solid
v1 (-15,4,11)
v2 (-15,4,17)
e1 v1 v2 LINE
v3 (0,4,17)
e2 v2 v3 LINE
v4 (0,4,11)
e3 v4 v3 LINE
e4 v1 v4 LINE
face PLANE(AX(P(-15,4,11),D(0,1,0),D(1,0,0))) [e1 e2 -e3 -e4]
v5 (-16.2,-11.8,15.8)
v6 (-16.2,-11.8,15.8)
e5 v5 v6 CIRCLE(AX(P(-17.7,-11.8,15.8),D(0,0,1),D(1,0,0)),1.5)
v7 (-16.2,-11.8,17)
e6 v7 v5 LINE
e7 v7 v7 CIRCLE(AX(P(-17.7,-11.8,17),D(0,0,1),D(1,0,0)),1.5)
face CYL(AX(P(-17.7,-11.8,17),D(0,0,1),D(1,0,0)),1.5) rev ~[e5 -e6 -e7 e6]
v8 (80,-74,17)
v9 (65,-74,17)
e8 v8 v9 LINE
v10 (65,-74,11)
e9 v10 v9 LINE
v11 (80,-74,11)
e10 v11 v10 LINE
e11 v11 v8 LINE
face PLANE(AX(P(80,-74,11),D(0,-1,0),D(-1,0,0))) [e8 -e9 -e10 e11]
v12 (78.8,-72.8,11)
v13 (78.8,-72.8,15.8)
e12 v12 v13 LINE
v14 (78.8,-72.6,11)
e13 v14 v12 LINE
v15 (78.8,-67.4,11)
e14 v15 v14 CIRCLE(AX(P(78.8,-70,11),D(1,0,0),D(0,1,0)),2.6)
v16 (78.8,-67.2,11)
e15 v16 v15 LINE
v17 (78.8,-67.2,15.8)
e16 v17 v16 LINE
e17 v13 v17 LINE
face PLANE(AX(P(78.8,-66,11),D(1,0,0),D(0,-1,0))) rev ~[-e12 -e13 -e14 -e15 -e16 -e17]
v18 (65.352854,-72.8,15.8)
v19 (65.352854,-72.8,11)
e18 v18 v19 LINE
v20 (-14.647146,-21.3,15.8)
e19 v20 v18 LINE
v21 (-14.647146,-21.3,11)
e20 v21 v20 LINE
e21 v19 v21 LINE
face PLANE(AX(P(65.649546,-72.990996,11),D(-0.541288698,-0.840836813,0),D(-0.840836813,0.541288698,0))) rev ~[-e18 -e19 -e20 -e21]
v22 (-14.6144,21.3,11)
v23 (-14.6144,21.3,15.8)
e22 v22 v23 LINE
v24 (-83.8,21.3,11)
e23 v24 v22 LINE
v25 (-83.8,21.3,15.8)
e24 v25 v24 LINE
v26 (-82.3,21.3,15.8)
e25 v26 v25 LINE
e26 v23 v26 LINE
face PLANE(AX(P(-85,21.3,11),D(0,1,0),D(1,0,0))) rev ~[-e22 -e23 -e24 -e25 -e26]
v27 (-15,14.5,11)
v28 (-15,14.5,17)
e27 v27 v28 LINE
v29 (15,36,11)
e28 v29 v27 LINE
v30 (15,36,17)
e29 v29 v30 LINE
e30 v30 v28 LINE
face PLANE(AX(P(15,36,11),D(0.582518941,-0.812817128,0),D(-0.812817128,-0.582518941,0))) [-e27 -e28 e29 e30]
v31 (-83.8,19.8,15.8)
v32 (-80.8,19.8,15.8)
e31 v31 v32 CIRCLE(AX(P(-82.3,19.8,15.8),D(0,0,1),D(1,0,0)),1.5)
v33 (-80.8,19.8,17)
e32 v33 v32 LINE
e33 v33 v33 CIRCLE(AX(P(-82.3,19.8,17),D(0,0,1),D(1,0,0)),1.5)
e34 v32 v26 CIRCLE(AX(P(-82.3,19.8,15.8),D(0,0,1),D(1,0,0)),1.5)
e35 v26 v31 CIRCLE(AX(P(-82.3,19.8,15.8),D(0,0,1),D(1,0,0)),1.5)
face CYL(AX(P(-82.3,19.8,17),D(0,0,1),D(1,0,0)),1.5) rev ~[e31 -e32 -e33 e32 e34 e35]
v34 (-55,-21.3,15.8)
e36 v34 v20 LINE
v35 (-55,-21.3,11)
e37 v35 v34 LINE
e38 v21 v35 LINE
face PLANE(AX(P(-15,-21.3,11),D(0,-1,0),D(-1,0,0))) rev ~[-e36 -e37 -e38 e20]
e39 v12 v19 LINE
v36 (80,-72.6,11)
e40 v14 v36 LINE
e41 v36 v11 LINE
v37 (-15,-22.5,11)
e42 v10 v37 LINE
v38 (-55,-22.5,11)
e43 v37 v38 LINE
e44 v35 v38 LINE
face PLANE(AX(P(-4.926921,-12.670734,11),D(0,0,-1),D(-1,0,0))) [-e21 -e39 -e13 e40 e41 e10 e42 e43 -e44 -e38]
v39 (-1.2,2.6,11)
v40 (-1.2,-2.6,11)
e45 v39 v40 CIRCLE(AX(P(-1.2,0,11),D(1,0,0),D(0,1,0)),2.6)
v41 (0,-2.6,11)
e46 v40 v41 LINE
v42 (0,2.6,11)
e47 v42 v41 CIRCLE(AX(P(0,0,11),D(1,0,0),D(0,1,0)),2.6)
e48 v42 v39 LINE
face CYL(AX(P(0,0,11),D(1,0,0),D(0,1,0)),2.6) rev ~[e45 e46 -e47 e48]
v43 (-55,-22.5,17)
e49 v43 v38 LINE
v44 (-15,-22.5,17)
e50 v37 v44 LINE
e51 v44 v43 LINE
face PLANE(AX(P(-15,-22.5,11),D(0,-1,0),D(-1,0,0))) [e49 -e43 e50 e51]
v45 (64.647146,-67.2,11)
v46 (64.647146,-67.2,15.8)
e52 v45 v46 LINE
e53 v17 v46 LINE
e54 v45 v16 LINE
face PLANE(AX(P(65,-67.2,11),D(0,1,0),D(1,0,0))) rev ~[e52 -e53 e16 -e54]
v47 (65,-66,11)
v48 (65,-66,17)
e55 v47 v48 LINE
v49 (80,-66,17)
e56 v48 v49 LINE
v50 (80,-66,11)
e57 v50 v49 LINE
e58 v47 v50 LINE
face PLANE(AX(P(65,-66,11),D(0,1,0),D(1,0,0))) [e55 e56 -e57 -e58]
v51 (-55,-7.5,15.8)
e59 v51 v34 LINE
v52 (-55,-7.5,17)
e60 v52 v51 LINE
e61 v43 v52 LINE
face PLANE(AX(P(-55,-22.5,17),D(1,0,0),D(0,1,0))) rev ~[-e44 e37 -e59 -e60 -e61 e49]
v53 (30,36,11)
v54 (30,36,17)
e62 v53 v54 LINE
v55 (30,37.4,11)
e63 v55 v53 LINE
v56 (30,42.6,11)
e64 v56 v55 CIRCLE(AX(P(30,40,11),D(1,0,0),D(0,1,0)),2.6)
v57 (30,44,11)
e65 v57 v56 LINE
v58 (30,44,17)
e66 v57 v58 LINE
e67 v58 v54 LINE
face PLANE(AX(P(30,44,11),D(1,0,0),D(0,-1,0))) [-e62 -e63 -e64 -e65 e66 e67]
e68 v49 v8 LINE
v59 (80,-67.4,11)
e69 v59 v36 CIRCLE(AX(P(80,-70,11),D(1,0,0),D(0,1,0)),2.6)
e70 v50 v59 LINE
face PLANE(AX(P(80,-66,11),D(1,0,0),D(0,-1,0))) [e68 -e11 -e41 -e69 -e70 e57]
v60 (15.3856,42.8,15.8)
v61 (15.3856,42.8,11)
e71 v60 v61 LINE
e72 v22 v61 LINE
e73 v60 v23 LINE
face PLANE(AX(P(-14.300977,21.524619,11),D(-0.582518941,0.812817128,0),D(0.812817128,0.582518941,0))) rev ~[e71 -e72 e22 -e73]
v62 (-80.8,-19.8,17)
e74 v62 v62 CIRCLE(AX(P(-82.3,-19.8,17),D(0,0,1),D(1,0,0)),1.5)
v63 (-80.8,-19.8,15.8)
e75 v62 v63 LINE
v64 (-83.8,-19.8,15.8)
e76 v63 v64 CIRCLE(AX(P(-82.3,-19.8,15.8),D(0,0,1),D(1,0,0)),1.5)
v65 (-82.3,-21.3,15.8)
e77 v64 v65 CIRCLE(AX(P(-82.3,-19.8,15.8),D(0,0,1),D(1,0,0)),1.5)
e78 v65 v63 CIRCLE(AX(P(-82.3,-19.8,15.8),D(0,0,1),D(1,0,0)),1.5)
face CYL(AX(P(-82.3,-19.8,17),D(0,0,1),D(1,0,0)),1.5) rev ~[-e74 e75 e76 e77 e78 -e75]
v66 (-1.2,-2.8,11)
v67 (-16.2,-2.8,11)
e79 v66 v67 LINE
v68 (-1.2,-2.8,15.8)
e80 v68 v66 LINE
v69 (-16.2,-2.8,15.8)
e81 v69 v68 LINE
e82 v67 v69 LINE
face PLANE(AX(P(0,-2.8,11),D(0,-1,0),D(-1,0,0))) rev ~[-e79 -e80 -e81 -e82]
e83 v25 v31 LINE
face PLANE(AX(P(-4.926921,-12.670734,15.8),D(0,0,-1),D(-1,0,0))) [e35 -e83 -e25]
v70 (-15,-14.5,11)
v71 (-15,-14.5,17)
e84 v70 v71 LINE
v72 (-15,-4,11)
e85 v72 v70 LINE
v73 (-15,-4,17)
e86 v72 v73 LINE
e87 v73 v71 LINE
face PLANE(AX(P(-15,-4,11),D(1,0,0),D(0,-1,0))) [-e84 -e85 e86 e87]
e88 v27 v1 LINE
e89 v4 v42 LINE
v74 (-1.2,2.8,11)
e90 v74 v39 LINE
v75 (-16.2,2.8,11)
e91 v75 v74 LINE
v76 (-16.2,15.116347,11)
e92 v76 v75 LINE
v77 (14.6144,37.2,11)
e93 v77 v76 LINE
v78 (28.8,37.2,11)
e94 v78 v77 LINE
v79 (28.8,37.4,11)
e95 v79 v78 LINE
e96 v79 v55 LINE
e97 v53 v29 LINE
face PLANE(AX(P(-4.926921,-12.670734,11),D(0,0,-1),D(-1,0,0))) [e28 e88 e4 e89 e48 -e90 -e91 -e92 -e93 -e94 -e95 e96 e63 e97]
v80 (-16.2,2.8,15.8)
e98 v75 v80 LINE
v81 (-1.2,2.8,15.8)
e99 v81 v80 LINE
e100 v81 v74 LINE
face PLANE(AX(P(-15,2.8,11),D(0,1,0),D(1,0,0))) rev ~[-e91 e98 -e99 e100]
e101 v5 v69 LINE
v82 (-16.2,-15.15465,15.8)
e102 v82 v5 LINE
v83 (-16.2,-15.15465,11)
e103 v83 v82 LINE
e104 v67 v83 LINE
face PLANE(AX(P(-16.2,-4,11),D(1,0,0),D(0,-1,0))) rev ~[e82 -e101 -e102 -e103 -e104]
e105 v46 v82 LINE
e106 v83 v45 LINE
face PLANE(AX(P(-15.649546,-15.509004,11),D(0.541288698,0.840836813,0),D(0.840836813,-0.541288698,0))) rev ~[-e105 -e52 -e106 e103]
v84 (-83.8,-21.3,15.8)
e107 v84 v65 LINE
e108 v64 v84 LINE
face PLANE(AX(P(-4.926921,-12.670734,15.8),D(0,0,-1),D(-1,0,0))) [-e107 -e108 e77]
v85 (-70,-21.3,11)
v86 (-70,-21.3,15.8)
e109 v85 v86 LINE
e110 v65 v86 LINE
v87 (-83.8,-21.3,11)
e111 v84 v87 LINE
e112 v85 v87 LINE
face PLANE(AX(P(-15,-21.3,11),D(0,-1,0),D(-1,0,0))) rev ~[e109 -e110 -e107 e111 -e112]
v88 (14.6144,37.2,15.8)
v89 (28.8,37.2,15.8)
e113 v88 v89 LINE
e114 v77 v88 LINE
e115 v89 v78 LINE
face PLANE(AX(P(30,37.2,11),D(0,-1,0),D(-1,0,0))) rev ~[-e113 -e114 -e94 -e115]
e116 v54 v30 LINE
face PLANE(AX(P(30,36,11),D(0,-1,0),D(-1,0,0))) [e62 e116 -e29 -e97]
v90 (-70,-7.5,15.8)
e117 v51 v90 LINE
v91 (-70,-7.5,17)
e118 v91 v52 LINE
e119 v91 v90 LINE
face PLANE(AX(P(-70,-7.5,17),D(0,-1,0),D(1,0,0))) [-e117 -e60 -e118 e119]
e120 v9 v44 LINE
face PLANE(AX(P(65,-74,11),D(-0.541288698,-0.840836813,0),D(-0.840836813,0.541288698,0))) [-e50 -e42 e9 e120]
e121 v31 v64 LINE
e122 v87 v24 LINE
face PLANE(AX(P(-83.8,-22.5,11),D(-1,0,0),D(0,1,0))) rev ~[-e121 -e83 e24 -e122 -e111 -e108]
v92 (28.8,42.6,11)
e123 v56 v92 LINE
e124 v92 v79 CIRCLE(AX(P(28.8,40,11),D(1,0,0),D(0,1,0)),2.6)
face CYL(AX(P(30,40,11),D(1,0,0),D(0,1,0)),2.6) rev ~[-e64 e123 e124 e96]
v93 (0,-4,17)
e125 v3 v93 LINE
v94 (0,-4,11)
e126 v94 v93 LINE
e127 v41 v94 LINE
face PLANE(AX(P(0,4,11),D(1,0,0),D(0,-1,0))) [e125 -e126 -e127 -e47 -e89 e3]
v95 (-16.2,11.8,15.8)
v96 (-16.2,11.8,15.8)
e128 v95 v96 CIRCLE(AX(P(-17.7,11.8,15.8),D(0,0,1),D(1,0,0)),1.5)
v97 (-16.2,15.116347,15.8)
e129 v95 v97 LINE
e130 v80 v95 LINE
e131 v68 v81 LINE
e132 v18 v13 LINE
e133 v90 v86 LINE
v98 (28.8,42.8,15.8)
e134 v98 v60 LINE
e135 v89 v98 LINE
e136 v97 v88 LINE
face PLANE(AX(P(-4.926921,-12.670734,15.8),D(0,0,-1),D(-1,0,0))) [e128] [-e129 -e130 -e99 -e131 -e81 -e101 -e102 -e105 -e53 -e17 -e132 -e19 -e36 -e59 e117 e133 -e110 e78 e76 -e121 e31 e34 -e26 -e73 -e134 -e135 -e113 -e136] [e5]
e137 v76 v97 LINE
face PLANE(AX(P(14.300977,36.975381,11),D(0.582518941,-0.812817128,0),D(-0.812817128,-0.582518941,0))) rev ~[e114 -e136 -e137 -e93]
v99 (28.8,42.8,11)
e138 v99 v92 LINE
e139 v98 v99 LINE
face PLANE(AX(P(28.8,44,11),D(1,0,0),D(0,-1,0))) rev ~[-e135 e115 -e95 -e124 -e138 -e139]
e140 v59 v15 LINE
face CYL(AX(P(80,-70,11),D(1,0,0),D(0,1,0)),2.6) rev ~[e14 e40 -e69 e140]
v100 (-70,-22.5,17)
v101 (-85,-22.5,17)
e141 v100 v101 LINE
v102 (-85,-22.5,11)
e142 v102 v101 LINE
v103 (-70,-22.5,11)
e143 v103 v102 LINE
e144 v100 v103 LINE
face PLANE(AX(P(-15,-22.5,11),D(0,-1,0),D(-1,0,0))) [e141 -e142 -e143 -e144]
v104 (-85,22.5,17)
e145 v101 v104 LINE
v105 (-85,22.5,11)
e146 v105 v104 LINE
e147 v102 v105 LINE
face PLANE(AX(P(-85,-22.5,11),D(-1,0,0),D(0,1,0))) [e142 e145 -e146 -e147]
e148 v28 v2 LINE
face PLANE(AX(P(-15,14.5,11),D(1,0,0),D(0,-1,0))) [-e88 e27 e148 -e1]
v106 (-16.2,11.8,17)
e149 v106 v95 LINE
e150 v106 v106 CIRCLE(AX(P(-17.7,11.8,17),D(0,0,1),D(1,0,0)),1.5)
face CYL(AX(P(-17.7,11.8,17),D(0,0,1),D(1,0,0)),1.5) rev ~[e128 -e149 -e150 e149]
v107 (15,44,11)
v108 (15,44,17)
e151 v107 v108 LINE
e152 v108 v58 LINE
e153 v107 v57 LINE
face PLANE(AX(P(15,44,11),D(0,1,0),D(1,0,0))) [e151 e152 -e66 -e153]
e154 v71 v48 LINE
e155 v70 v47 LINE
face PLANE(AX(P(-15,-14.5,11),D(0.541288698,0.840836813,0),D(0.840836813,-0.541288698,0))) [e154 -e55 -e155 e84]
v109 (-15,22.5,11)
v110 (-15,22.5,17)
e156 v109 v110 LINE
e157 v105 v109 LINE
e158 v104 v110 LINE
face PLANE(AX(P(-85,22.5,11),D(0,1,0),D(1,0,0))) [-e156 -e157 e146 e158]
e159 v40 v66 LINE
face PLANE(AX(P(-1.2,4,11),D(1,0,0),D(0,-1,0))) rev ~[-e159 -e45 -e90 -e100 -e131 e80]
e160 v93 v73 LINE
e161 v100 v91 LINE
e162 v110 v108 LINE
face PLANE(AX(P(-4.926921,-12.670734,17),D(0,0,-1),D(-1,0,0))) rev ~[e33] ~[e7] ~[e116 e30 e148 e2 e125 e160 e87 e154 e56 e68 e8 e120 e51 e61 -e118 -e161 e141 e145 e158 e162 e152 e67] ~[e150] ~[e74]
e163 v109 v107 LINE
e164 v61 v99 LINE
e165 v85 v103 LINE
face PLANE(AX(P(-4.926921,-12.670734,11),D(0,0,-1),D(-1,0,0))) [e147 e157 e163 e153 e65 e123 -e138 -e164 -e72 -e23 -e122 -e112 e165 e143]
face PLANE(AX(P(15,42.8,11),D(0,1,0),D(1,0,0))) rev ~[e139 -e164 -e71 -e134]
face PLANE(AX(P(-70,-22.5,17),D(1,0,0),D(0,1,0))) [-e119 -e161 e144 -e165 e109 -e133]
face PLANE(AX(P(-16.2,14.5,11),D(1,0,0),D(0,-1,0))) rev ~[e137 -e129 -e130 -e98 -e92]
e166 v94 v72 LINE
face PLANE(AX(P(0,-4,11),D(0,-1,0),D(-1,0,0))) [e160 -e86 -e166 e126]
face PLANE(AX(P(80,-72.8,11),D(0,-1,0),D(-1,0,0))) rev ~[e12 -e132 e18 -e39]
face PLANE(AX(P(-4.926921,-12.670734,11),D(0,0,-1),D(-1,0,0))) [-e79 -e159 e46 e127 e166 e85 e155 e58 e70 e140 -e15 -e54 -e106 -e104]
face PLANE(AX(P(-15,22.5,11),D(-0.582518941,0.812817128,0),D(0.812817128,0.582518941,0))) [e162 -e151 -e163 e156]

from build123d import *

# Parameters (mm, degrees)
PAD001_DEPTH    = 6
THICKNESS001_T  = -1.2
SKETCH011_R     = 1.5
POCKET003_DEPTH = 1.2
SKETCH012_W     = 15
SKETCH012_H     = 15
POCKET004_DEPTH = 6.001
SKETCH013_R     = 2.6
POCKET005_DEPTH = 1.2
SKETCH014_R     = 2.6
POCKET006_DEPTH = 1.2
SKETCH015_R     = 2.6
POCKET007_DEPTH = 1.2


with BuildPart() as part:
    # Sketch004 → Pad001 (new body)
    with BuildSketch(Plane.XY):
        Polygon((80, -74), (65, -74), (-15, -22.5), (-85, -22.5), (-85, 22.5), (-15, 22.5), (15, 44), (30, 44), (30, 36), (15, 36), (-15, 14.5), (-15, 4), (0, 4), (0, -4), (-15, -4), (-15, -14.5), (65, -66), (80, -66), align=None)
    extrude(amount=PAD001_DEPTH)

    # Thickness001
    thickness001_openings = [part.faces().sort_by_distance(p)[0] for p in [
        (-29.840547, -5.671982, 0),
    ]]
    offset(amount=THICKNESS001_T, openings=thickness001_openings, kind=Kind.INTERSECTION)

    # Sketch011 (on Face19 of Thickness001) → Pocket003 (cut)
    with BuildSketch(Plane.XY.offset(6)):
        with Locations((-82.3, 19.8)):
            Circle(SKETCH011_R)
        with Locations((-82.3, -19.8)):
            Circle(SKETCH011_R)
        with Locations((-17.7, 11.8)):
            Circle(SKETCH011_R)
        with Locations((-17.7, -11.8)):
            Circle(SKETCH011_R)
    extrude(amount=-POCKET003_DEPTH, mode=Mode.SUBTRACT)

    # Sketch012 (on Face5 of Pocket003) → Pocket004 (cut, through all)
    with BuildSketch(Plane.XY.offset(6)):
        with Locations((-62.5, -15)):
            Rectangle(SKETCH012_W, SKETCH012_H)
    extrude(amount=-POCKET004_DEPTH, mode=Mode.SUBTRACT)

    # Sketch013 (on Face16 of Pocket004) → Pocket005 (cut)
    with BuildSketch(Plane.YZ.offset(30)):
        with Locations((40, 0)):
            Circle(SKETCH013_R)
    extrude(amount=-POCKET005_DEPTH, mode=Mode.SUBTRACT)

    # Sketch014 (on Face11 of Pocket005) → Pocket006 (cut)
    with BuildSketch(Plane.YZ):
        Circle(SKETCH014_R)
    extrude(amount=-POCKET006_DEPTH, mode=Mode.SUBTRACT)

    # Sketch015 (on Face2 of Pocket006) → Pocket007 (cut)
    with BuildSketch(Plane.YZ.offset(80)):
        with Locations((-70, 0)):
            Circle(SKETCH015_R)
    extrude(amount=-POCKET007_DEPTH, mode=Mode.SUBTRACT)


with BuildPart() as part_1:
    # Body001 placement: moved
    add(part.part.moved(Location((0, 0, 11))))


solid = part_1.part
